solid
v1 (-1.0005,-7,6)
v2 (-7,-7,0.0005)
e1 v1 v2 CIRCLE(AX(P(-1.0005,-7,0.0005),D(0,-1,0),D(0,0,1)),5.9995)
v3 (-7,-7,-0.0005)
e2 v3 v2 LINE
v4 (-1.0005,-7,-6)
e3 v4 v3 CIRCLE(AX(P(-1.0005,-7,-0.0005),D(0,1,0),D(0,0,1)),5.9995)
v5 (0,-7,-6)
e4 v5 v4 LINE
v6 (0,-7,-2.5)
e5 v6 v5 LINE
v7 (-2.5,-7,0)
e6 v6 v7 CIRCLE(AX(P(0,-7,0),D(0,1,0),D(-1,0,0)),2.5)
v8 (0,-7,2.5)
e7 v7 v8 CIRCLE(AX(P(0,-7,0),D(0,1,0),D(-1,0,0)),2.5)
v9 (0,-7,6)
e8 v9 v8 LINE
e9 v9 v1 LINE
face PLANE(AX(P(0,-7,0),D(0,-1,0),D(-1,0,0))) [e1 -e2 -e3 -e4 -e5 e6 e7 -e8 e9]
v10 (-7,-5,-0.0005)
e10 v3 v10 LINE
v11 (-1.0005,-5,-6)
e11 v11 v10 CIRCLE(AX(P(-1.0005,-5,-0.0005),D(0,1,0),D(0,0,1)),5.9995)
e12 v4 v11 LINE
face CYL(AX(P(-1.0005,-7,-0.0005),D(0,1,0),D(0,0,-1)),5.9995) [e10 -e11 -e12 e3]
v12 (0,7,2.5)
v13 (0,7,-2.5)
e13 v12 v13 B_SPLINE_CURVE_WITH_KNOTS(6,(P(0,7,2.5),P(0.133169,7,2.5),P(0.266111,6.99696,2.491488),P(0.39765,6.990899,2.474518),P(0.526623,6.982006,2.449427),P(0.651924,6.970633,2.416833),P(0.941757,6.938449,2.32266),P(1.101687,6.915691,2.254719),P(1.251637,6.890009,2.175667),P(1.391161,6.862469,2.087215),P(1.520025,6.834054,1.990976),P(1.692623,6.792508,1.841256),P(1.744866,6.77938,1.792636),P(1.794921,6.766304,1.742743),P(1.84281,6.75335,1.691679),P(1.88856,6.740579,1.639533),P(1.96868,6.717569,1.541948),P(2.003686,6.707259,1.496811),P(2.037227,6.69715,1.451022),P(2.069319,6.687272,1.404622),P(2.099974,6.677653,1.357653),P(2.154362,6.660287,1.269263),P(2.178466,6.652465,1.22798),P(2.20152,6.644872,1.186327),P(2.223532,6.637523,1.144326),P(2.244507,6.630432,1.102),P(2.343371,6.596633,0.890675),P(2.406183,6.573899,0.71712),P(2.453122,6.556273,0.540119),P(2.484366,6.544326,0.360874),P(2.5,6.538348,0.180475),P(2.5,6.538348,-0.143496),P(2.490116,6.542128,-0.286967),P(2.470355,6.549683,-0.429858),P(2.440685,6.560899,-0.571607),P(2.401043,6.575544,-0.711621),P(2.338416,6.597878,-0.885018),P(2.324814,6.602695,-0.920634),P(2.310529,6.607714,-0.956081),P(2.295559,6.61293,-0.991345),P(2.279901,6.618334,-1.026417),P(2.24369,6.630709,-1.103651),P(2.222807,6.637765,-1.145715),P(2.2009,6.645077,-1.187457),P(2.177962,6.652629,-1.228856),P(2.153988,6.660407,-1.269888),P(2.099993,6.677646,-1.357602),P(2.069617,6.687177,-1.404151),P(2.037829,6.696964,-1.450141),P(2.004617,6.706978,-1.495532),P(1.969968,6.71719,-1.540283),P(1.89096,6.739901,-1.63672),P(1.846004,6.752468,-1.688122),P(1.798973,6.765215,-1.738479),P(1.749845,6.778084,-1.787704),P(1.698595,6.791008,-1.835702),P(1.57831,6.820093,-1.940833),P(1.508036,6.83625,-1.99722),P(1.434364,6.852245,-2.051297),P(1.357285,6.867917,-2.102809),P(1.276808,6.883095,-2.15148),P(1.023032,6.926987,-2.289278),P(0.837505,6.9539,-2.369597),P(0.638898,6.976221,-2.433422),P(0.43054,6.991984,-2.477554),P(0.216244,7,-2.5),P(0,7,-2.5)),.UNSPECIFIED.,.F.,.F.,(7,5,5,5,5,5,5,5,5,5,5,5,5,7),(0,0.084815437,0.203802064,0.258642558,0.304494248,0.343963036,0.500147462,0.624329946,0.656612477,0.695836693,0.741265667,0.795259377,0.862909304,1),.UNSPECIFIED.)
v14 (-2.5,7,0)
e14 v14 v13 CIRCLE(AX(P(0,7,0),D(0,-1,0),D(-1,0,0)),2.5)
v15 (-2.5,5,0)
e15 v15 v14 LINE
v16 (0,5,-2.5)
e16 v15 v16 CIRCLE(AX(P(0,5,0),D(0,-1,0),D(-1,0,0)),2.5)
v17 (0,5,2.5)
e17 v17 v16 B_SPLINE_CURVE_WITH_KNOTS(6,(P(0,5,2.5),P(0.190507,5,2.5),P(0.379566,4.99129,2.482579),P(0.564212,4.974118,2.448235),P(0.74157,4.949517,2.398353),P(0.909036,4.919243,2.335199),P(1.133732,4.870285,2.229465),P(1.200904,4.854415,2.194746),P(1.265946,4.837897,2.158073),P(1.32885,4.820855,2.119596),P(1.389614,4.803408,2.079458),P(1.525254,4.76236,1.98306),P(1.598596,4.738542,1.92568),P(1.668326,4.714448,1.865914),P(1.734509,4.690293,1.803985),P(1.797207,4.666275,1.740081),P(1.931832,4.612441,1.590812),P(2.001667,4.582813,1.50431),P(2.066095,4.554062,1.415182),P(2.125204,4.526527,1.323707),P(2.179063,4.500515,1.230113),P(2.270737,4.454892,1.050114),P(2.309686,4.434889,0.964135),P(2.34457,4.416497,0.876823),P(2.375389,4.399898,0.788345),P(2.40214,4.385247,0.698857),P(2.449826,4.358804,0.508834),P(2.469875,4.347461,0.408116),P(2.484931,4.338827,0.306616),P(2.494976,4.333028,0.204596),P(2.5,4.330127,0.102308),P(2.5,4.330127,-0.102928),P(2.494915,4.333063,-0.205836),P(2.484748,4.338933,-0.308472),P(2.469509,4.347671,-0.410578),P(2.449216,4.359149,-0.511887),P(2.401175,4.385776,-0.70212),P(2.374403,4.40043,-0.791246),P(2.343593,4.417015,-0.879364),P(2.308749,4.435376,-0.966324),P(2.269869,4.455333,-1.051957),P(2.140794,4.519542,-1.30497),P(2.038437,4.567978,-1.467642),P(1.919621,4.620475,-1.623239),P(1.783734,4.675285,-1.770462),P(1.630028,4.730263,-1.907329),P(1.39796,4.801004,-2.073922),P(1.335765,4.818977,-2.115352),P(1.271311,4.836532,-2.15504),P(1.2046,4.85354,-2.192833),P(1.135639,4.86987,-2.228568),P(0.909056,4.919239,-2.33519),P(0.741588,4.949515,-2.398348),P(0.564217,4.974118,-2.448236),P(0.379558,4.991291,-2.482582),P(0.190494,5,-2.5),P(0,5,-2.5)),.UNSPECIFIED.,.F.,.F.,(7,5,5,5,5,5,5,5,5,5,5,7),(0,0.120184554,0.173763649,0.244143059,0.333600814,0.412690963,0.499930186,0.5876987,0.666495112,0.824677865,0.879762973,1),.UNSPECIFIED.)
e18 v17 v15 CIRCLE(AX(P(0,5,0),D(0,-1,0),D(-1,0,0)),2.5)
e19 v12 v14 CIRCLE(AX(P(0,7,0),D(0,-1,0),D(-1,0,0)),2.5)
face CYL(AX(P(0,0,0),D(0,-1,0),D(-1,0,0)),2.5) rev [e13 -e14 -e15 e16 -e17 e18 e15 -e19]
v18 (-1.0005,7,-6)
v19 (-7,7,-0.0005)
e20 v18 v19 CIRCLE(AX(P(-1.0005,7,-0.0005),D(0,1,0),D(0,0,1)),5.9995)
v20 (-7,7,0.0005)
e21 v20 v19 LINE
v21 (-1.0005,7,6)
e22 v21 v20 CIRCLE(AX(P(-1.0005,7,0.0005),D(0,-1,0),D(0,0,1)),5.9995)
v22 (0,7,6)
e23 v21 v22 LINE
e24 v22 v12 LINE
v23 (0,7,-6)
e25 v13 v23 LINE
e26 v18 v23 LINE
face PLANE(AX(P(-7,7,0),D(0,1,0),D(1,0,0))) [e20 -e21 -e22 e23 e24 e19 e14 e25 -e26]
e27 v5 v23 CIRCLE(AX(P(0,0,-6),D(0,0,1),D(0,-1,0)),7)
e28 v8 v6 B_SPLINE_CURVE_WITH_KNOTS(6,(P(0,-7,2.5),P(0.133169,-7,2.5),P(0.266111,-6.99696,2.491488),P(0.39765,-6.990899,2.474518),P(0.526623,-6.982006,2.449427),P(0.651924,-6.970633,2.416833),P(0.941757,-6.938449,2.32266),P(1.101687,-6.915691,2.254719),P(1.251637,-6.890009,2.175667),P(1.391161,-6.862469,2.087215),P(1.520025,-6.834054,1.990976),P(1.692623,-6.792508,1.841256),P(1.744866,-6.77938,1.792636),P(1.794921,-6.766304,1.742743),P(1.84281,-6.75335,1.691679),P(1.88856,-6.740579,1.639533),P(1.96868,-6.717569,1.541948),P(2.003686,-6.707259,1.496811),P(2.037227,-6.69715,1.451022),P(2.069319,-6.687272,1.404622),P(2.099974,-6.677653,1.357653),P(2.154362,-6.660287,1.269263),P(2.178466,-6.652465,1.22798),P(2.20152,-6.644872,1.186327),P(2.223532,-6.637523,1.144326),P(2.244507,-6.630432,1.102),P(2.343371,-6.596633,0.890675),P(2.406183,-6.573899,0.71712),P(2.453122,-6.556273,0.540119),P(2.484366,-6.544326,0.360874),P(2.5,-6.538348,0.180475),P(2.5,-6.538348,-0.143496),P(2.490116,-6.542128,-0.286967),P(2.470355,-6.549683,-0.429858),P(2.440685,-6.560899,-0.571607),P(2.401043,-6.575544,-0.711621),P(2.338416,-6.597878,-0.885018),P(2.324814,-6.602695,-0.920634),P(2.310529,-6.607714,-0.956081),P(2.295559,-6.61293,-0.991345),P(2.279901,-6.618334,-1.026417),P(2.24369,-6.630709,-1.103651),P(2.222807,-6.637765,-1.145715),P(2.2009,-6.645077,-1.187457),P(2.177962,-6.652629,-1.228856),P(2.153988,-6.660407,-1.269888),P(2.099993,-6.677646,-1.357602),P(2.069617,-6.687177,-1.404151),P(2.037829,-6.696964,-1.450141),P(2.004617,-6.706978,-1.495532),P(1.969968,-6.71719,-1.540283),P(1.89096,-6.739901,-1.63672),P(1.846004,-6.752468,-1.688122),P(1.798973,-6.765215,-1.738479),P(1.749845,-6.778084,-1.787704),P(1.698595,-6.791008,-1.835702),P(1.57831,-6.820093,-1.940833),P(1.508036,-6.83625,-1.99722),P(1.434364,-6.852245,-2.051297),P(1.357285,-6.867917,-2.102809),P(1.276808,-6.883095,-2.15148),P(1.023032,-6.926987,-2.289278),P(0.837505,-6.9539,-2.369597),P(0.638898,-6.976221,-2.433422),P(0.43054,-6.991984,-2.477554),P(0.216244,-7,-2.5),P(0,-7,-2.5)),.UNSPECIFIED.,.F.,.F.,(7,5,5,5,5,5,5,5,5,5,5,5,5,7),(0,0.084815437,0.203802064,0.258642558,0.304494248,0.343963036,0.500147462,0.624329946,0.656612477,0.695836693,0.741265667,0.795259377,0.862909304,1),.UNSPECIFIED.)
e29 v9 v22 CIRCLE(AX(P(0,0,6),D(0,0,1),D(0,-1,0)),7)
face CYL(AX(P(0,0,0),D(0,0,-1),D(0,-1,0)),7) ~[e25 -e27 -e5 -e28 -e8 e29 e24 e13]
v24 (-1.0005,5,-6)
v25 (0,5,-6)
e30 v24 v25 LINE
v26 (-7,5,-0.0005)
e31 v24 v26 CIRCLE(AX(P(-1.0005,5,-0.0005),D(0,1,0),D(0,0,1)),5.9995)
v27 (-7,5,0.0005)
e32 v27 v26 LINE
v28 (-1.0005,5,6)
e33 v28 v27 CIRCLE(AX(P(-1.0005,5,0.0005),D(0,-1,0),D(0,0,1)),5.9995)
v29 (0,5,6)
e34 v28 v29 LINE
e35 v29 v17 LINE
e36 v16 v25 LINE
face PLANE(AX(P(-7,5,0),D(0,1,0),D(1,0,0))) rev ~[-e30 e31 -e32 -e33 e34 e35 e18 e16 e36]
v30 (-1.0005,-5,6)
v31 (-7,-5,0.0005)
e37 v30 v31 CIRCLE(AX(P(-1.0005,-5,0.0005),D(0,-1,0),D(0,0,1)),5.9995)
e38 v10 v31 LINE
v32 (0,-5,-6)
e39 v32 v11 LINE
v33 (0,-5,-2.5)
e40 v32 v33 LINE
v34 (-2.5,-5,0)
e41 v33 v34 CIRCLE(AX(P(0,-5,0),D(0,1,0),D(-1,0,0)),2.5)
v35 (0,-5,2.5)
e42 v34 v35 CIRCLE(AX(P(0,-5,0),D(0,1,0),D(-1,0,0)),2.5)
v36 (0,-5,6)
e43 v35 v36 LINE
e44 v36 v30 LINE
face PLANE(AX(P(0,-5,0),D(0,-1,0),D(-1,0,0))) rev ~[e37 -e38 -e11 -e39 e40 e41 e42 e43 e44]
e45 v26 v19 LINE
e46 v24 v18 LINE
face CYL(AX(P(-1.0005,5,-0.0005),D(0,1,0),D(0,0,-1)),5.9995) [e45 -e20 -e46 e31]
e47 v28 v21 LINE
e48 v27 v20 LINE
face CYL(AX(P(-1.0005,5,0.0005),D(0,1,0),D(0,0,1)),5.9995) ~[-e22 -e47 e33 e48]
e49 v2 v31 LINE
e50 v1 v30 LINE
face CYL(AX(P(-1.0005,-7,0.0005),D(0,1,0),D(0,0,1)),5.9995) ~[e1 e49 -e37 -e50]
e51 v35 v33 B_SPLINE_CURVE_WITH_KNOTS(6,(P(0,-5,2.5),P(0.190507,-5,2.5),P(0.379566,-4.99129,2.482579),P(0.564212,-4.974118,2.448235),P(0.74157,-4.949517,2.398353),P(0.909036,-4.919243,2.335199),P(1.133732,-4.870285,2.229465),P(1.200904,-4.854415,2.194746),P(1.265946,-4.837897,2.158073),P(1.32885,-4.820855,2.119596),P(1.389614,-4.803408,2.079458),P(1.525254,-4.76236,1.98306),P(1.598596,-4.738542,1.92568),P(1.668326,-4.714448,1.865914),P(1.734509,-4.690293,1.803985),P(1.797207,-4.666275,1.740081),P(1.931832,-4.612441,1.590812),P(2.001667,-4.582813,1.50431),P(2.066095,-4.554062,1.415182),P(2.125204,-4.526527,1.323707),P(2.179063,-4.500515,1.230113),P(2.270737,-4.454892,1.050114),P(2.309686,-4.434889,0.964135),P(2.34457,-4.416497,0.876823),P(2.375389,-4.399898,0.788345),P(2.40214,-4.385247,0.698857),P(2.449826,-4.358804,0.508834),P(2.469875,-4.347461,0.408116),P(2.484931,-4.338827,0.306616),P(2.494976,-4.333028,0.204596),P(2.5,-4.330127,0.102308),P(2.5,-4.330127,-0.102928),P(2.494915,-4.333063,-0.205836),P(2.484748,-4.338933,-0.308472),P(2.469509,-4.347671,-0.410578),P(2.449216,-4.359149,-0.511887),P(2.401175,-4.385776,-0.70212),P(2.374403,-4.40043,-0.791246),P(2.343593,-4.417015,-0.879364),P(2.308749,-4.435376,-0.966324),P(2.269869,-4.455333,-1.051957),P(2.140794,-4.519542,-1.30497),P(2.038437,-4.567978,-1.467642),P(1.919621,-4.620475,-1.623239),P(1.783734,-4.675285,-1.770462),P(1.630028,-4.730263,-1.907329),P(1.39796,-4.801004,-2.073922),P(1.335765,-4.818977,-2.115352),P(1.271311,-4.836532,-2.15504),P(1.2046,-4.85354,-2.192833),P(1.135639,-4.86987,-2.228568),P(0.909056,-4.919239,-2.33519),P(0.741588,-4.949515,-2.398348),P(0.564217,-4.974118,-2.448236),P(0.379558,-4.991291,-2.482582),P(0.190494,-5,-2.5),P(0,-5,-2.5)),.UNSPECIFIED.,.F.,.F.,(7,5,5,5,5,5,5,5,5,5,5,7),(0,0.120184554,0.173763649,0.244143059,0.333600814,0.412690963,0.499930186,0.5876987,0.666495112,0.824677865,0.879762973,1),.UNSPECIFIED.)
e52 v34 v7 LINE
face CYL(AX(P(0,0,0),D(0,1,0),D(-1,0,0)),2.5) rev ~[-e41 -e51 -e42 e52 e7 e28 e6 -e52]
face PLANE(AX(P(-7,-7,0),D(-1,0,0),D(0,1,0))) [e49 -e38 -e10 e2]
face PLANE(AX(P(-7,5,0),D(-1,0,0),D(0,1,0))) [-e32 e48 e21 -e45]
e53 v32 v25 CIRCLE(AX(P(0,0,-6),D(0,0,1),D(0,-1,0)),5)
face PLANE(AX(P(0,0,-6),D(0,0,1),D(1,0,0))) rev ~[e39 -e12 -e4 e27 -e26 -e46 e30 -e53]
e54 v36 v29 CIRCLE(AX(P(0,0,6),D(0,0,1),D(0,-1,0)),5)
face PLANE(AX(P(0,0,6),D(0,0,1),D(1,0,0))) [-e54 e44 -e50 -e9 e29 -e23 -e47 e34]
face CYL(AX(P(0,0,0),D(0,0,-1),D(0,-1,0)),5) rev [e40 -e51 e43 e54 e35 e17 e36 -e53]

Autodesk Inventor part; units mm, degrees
ref_plane "YZ Plane" through (0, 0, 0) normal (1, 0, 0) x (0, 1, 0)
ref_plane "XZ Plane" through (0, 0, 0) normal (0, 1, 0) x (-1, 0, 0)
ref_plane "XY Plane" through (0, 0, 0) normal (0, 0, 1) x (1, 0, 0)
sketch "Sketch4" plane through (0, 0, 0) normal (0, 0, 1) x (1, 0, 0)
  arc A0 (0, -5) -> (0, 5) centre (0, 0) ccw
  line L0 (0, -5) -> (-7, -5)
  line L1 (-5, -5) -> (-5, 5) construction
  line L2 (-7, 5) -> (0, 5)
  line L3 (0, 5) -> (0, -5) construction
  arc A1 (-5, 0) -> (0, -5) centre (0, 0) ccw construction
  arc A2 (0, 5) -> (-5, 0) centre (0, 0) ccw construction
  arc A3 (-5, -4.899) -> (-4.899, -5) centre (0, 0) ccw construction
  line L4 (0, -7) -> (-7, -7)
  line L5 (-7, -7) -> (-7, -5)
  line L6 (-7, 7) -> (0, 7)
  arc A4 (-7, 0) -> (-5, -4.899) centre (0, 0) ccw construction
  arc A5 (-5, 4.899) -> (-7, 0) centre (0, 0) ccw construction
  arc A6 (-4.899, 5) -> (-5, 4.899) centre (0, 0) ccw construction
  arc A7 (0, 7) -> (-4.899, 5) centre (0, 0) ccw construction
  arc A8 (-4.899, -5) -> (0, -7) centre (0, 0) ccw construction
  arc A9 (0, -7) -> (0, 7) centre (0, 0) ccw
  line L7 (-7, -5) -> (-7, 5) construction
  line L8 (-7, 5) -> (-7, 7)
  dimension "d14" = 10
  dimension "d15" = 2
extrude "Extrusion4" add sketch "Sketch4" along normal mid plane 12
sketch "Sketch5" plane through (0, 0, 0) normal (0, 1, 0) x (-1, 0, 0)
  circle A0 centre (0, 0) radius 2.5
  dimension "d18" = 5
extrude "Extrusion5" cut sketch "Sketch5" along normal through all both and the other way through all
fillet "Fillet1" radius 6 4 edges at (-7, 6, 6) (-7, 6, -6) (-7, -6, -6) (-7, -6, 6)
properties part number "tip-protector" material "Rubber"
